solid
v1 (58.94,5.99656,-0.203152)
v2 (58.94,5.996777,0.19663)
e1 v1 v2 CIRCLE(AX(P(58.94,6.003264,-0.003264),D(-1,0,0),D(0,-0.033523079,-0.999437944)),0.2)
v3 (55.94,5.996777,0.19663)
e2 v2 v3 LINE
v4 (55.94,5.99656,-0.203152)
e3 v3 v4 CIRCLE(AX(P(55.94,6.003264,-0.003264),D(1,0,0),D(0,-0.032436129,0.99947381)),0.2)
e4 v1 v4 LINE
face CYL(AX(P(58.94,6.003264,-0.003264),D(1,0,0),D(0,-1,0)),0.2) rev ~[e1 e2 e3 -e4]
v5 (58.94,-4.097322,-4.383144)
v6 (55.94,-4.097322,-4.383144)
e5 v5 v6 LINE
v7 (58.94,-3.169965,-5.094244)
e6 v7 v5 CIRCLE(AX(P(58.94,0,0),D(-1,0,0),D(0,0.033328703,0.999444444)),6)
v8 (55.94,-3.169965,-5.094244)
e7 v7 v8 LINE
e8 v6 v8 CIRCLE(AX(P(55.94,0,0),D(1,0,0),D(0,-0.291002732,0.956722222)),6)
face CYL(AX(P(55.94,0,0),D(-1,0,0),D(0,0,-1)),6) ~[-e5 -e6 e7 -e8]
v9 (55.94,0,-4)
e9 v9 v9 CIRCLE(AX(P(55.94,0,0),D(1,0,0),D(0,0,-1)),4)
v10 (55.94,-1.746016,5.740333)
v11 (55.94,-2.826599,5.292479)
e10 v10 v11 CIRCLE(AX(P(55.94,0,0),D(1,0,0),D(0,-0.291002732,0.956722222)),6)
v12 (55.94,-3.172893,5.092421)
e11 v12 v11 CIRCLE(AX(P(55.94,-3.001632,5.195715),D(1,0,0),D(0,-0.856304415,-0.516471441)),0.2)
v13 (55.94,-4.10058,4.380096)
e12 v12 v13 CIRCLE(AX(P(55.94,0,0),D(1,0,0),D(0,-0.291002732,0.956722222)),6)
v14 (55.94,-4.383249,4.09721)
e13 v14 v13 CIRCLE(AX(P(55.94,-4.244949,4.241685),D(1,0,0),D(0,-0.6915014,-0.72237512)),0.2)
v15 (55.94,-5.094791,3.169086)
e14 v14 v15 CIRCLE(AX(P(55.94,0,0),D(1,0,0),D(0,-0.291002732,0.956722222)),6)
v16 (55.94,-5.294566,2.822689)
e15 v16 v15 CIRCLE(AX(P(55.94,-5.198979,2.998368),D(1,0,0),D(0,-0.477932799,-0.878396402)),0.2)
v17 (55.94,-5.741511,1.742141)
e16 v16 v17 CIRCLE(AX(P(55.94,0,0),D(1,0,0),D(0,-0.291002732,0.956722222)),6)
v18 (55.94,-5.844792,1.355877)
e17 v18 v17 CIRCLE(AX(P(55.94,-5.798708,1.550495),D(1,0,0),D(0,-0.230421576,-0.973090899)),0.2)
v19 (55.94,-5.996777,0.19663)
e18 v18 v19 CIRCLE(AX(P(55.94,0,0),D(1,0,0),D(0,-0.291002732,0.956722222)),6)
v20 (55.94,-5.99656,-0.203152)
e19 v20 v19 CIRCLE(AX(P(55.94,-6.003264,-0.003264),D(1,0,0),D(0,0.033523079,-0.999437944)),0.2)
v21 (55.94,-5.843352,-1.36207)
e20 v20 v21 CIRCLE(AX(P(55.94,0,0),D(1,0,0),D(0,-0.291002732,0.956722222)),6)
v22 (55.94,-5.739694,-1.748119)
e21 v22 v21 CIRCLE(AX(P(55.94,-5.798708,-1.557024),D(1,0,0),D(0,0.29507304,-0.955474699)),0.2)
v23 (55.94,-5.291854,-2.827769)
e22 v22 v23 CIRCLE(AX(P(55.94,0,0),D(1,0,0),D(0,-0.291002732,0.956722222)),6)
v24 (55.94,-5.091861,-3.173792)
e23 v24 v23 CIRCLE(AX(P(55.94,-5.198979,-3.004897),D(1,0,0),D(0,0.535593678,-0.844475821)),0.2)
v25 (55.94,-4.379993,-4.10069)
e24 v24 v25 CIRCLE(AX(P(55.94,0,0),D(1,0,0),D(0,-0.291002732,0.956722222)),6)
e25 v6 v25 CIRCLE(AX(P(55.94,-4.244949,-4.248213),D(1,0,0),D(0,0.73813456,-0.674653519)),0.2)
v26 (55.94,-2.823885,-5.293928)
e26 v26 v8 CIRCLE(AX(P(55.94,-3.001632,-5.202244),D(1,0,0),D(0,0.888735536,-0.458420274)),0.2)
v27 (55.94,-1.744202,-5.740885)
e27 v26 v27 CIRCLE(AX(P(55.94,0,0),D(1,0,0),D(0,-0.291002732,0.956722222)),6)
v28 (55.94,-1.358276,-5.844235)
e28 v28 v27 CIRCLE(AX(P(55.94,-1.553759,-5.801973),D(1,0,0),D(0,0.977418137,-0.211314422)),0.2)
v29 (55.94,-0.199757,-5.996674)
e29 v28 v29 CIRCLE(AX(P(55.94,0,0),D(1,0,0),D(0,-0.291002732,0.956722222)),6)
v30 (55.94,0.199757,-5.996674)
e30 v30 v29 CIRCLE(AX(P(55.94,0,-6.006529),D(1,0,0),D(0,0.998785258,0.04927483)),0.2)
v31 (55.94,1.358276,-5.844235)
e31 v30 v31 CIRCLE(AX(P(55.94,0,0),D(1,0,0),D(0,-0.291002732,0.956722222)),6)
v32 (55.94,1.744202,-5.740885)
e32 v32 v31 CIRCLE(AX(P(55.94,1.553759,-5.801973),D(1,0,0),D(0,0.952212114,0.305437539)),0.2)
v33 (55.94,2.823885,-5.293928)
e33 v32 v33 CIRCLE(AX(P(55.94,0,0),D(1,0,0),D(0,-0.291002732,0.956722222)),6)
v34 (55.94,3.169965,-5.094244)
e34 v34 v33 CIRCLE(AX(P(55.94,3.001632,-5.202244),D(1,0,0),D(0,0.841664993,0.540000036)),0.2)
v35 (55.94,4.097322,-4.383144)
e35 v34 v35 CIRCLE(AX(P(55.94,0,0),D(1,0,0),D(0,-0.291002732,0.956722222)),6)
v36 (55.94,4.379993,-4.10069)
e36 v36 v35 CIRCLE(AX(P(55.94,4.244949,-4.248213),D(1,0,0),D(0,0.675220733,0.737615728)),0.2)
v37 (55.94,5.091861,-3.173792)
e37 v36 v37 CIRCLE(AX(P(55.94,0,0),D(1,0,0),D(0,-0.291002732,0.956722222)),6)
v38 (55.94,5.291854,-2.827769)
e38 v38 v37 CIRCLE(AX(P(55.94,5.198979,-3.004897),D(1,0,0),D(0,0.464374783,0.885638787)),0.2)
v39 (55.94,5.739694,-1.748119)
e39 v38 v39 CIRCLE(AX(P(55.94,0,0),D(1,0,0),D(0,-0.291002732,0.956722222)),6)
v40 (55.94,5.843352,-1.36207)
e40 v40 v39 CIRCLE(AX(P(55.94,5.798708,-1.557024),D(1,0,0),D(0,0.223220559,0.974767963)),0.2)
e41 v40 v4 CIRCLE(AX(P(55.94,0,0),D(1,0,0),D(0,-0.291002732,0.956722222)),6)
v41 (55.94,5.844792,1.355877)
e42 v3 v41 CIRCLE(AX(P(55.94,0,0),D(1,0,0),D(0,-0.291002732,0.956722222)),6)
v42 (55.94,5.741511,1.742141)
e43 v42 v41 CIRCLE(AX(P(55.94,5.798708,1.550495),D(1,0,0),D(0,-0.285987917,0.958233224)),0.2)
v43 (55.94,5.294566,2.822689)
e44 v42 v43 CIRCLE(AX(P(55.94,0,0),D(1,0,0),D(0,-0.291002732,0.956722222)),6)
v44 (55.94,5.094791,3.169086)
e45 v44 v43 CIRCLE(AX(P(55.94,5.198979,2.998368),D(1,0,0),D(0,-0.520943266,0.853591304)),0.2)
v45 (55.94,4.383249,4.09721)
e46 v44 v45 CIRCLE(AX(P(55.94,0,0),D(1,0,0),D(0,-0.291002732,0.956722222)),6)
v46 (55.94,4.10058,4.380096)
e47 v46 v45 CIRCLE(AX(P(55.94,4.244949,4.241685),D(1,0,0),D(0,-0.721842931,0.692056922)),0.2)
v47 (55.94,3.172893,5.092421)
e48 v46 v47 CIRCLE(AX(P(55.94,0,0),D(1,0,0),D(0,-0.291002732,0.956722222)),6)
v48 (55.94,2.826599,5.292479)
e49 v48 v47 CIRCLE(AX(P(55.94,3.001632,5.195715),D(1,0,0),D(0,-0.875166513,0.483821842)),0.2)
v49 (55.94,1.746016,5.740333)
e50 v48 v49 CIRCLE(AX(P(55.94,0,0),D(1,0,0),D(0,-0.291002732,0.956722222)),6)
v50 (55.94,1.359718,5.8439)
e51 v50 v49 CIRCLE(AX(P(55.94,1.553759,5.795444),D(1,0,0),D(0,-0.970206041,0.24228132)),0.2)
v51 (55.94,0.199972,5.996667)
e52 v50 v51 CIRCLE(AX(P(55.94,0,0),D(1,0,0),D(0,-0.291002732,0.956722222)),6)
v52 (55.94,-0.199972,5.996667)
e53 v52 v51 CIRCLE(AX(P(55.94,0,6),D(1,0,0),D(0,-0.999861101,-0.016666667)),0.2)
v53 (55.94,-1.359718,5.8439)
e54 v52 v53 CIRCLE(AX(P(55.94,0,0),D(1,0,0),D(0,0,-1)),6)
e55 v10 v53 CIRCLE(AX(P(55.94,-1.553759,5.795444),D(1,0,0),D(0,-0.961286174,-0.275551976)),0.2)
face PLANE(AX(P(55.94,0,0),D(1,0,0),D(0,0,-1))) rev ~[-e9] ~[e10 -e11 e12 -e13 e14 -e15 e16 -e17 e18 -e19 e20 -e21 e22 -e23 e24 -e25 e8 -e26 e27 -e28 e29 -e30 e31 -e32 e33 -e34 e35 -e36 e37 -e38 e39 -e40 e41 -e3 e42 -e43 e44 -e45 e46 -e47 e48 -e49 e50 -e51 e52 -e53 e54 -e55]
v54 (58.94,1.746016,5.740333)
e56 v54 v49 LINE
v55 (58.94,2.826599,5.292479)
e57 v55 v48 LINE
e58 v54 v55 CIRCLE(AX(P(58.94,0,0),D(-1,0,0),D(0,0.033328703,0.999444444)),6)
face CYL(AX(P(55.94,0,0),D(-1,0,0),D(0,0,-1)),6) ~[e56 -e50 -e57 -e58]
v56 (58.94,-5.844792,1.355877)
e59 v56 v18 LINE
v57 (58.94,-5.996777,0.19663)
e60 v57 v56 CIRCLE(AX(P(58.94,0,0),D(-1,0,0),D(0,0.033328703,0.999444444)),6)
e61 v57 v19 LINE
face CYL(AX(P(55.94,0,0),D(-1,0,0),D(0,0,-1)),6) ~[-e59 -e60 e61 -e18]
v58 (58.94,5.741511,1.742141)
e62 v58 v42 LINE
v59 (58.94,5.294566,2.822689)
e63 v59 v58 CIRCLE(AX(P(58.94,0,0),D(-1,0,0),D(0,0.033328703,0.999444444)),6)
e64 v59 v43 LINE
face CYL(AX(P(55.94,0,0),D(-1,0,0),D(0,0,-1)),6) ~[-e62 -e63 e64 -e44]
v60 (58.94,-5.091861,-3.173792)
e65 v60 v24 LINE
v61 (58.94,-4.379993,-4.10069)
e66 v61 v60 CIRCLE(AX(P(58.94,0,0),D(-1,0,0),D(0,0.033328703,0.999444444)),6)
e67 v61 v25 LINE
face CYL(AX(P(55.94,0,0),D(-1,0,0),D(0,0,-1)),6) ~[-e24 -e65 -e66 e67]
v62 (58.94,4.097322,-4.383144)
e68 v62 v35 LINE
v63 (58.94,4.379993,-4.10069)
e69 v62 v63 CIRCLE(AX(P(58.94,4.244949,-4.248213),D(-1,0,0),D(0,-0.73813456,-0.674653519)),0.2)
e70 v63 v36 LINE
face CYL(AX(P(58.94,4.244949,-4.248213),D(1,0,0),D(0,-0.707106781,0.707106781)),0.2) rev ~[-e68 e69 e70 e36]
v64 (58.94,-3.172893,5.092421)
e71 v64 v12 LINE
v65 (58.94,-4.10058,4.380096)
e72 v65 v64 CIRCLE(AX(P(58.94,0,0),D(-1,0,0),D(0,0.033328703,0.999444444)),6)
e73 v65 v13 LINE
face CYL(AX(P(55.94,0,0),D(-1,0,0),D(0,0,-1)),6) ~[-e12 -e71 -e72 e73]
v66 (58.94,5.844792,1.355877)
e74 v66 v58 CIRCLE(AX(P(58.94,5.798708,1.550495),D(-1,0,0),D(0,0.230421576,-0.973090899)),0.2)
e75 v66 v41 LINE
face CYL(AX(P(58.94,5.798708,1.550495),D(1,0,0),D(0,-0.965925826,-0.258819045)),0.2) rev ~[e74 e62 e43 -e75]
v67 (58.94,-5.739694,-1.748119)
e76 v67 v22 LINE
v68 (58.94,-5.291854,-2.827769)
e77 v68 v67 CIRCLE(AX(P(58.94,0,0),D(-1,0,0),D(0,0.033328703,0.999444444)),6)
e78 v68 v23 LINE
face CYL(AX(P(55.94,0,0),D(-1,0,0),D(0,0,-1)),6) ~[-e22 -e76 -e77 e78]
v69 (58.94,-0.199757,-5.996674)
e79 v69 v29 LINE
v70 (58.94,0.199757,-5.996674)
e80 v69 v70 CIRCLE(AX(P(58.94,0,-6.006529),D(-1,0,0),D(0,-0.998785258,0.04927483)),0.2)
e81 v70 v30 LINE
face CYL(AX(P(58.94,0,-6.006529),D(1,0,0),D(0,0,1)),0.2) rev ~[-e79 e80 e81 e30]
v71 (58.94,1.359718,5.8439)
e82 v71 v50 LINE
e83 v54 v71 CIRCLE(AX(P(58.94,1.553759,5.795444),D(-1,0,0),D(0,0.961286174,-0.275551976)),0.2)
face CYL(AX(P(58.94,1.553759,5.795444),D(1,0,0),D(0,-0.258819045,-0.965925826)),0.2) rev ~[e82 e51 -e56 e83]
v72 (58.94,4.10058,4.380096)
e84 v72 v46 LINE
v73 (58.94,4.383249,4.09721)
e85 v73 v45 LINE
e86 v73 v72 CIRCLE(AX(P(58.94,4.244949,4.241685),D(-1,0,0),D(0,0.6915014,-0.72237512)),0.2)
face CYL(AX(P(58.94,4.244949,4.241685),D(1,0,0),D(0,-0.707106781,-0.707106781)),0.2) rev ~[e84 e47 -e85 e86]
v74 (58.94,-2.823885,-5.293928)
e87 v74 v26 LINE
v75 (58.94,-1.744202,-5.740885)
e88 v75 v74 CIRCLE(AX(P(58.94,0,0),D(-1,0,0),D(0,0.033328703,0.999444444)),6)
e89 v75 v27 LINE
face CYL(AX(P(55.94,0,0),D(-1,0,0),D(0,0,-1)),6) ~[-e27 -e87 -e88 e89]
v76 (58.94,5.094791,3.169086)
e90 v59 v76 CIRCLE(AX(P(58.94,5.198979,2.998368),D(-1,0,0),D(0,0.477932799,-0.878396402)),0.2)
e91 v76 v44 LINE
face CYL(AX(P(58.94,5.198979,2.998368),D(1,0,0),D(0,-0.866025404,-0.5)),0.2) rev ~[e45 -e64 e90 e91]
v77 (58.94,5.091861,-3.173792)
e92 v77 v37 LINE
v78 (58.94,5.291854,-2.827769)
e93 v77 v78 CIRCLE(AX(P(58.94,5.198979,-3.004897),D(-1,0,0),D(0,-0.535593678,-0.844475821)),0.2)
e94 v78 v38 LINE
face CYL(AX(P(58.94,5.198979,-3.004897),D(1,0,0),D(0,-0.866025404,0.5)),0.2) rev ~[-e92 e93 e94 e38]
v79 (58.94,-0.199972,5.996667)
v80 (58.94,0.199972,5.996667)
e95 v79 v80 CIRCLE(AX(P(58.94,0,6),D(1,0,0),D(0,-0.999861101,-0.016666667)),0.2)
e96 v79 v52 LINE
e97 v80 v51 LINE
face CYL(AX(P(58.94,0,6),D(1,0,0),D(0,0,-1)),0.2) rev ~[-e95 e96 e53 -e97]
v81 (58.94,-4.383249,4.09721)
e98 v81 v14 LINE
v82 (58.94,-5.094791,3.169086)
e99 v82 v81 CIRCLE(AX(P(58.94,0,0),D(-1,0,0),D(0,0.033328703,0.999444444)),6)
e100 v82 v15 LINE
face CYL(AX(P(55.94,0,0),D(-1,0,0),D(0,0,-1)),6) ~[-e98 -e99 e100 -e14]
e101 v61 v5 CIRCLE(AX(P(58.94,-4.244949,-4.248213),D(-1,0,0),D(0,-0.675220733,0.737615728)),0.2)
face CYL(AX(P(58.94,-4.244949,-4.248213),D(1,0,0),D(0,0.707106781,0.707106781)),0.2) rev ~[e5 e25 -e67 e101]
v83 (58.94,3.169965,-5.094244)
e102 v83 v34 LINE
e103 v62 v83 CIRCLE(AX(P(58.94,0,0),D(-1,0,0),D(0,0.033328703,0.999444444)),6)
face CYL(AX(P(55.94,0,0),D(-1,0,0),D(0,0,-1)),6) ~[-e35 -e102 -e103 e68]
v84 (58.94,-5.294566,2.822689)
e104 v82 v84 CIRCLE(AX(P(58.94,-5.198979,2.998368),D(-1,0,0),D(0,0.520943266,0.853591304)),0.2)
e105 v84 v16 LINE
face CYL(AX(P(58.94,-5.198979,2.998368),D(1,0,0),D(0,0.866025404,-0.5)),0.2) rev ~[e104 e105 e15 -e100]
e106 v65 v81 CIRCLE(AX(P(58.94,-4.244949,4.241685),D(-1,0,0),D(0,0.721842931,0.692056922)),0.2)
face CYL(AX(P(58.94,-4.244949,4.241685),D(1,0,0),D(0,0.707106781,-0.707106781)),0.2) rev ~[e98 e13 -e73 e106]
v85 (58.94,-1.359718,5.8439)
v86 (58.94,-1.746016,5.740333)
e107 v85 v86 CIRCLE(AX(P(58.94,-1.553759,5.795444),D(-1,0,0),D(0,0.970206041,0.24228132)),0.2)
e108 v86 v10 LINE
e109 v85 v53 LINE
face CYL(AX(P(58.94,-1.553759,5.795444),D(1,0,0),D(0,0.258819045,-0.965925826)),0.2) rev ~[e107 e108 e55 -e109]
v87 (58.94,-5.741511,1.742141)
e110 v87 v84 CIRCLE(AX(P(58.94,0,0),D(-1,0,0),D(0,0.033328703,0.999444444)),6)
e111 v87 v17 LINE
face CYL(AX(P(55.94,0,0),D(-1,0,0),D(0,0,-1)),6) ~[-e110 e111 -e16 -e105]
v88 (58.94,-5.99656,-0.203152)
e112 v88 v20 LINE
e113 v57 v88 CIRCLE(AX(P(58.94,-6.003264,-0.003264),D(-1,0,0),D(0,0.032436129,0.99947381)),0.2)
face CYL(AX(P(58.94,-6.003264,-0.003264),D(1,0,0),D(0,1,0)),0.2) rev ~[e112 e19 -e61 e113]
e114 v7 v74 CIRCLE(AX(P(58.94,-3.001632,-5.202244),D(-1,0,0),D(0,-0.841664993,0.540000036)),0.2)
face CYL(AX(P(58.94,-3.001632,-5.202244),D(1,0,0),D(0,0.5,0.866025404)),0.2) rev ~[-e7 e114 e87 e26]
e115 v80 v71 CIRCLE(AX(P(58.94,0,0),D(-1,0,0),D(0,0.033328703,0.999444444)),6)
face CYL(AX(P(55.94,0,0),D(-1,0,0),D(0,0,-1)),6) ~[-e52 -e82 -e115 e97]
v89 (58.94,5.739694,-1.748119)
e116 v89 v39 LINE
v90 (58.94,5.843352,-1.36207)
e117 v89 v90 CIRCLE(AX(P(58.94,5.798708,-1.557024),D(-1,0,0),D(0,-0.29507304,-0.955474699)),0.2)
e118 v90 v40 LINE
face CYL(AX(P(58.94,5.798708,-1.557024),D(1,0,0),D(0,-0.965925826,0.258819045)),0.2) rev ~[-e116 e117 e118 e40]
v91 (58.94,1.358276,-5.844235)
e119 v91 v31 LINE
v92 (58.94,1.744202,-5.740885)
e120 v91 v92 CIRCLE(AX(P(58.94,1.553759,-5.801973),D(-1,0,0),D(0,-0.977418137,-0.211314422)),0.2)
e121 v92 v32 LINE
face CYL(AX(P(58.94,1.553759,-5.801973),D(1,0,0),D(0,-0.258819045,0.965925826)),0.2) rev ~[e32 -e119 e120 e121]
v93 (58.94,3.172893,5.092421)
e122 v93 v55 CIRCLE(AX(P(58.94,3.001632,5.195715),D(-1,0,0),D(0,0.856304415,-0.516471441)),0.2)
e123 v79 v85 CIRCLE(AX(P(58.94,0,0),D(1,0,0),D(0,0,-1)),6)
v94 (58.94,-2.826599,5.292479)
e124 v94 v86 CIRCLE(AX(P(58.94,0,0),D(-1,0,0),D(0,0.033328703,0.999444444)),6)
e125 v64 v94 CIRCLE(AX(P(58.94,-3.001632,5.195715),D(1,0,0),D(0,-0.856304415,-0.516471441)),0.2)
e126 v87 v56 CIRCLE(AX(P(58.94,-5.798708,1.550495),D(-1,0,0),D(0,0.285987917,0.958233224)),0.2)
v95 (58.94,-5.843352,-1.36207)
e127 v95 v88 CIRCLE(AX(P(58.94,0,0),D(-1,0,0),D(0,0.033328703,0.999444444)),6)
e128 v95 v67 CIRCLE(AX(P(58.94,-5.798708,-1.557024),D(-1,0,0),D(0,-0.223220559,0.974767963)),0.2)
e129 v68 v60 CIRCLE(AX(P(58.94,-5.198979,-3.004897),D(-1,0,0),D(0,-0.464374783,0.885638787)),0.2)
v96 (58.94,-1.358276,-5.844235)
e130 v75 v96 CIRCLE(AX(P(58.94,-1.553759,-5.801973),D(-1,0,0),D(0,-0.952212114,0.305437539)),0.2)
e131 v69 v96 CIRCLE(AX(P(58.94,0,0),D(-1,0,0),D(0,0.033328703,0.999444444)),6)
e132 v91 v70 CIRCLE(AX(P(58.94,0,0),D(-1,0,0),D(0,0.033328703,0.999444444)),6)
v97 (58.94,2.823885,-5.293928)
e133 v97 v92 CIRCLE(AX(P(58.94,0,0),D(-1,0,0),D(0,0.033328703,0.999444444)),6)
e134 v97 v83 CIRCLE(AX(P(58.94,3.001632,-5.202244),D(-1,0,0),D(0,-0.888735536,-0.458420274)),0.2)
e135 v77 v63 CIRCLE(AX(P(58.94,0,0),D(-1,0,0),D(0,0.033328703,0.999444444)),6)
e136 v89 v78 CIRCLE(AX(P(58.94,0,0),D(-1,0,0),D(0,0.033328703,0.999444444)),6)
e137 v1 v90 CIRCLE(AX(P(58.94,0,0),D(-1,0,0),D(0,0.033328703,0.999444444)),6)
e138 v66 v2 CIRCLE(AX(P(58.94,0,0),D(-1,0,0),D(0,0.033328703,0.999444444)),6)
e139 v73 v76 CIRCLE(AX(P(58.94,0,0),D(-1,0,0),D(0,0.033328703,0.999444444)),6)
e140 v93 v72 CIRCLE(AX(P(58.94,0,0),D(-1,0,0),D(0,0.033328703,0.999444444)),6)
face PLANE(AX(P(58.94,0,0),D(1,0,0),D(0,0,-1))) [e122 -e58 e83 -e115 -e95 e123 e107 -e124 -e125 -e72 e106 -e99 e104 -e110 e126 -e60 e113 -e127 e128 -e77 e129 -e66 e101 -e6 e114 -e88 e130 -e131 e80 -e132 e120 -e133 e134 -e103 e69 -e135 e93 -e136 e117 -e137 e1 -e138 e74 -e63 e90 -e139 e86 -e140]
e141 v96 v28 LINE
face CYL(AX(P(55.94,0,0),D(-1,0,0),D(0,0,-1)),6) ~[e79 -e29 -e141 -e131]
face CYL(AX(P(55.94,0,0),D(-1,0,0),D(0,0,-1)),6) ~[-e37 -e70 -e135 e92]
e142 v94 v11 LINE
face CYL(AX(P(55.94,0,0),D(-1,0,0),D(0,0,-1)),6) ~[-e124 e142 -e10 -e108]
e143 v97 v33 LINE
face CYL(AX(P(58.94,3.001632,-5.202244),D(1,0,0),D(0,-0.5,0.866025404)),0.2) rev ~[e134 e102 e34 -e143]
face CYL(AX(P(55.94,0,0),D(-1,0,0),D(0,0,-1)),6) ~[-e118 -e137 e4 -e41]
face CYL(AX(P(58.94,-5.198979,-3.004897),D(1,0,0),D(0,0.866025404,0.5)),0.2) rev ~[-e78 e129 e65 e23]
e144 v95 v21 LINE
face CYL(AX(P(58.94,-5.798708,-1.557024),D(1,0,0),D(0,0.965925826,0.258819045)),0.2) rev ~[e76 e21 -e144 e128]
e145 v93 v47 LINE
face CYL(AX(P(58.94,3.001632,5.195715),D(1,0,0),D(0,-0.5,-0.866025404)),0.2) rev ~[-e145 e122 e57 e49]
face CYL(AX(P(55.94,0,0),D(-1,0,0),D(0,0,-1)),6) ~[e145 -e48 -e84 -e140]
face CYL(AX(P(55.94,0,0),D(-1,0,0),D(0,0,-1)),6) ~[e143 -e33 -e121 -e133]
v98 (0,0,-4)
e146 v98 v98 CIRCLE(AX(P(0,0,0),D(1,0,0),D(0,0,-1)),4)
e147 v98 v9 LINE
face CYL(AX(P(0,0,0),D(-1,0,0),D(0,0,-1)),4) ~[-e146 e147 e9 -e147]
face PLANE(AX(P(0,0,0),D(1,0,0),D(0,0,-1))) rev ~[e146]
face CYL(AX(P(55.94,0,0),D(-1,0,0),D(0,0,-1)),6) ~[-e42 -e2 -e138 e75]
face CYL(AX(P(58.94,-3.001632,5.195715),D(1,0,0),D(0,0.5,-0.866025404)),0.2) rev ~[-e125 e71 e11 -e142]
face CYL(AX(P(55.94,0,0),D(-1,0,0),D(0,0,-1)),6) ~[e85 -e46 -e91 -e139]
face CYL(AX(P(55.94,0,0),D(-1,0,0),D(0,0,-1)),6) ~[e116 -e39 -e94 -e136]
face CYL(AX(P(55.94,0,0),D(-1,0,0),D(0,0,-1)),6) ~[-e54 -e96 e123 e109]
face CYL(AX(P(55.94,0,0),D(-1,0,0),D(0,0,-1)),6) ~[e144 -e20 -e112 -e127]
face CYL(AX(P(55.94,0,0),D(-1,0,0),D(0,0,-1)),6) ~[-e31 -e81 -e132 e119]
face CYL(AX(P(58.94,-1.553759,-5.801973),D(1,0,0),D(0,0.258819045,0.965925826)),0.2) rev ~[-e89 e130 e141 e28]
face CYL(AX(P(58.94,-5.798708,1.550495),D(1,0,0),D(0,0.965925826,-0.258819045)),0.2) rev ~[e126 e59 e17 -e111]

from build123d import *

# Parameters (mm, degrees)
SKETCH1_R           = 4
BOSS_EXTRUDE2_DEPTH = 55.94
SKETCH2_R           = 6
BOSS_EXTRUDE3_DEPTH = 3
SKETCH3_R           = 0.2
CUT_EXTRUDE1_DEPTH  = 3
CIRPATTERN1_COUNT   = 24


with BuildPart() as part:
    # Sketch1 → Boss-Extrude2 (new body)
    with BuildSketch(Plane(origin=(0, 0, 0), x_dir=(0, 0, -1), z_dir=(1, 0, 0))):
        Circle(SKETCH1_R)
    extrude(amount=BOSS_EXTRUDE2_DEPTH)

    # Sketch2 → Boss-Extrude3 (add)
    with BuildSketch(Plane(origin=(55.94, 0, 0), x_dir=(0, 0, -1), z_dir=(1, 0, 0))):
        Circle(SKETCH2_R)
    extrude(amount=BOSS_EXTRUDE3_DEPTH)

    # Sketch3 → Cut-Extrude1 (cut)
    with BuildSketch(Plane(origin=(58.94, 0, 0), x_dir=(0, 0, -1), z_dir=(1, 0, 0))):
        with Locations((-6, 0)):
            Circle(SKETCH3_R)
    cut_extrude1 = extrude(amount=-CUT_EXTRUDE1_DEPTH, mode=Mode.SUBTRACT)

    # CirPattern1: Cut-Extrude1 ×24 about axis
    cirpattern1_axis = Axis((0, 0, -0.003264402), (1, 0, 0))
    for i in range(1, CIRPATTERN1_COUNT):
        add(cut_extrude1.rotate(cirpattern1_axis, i * 360 / CIRPATTERN1_COUNT), mode=Mode.SUBTRACT)


solid = part.part
